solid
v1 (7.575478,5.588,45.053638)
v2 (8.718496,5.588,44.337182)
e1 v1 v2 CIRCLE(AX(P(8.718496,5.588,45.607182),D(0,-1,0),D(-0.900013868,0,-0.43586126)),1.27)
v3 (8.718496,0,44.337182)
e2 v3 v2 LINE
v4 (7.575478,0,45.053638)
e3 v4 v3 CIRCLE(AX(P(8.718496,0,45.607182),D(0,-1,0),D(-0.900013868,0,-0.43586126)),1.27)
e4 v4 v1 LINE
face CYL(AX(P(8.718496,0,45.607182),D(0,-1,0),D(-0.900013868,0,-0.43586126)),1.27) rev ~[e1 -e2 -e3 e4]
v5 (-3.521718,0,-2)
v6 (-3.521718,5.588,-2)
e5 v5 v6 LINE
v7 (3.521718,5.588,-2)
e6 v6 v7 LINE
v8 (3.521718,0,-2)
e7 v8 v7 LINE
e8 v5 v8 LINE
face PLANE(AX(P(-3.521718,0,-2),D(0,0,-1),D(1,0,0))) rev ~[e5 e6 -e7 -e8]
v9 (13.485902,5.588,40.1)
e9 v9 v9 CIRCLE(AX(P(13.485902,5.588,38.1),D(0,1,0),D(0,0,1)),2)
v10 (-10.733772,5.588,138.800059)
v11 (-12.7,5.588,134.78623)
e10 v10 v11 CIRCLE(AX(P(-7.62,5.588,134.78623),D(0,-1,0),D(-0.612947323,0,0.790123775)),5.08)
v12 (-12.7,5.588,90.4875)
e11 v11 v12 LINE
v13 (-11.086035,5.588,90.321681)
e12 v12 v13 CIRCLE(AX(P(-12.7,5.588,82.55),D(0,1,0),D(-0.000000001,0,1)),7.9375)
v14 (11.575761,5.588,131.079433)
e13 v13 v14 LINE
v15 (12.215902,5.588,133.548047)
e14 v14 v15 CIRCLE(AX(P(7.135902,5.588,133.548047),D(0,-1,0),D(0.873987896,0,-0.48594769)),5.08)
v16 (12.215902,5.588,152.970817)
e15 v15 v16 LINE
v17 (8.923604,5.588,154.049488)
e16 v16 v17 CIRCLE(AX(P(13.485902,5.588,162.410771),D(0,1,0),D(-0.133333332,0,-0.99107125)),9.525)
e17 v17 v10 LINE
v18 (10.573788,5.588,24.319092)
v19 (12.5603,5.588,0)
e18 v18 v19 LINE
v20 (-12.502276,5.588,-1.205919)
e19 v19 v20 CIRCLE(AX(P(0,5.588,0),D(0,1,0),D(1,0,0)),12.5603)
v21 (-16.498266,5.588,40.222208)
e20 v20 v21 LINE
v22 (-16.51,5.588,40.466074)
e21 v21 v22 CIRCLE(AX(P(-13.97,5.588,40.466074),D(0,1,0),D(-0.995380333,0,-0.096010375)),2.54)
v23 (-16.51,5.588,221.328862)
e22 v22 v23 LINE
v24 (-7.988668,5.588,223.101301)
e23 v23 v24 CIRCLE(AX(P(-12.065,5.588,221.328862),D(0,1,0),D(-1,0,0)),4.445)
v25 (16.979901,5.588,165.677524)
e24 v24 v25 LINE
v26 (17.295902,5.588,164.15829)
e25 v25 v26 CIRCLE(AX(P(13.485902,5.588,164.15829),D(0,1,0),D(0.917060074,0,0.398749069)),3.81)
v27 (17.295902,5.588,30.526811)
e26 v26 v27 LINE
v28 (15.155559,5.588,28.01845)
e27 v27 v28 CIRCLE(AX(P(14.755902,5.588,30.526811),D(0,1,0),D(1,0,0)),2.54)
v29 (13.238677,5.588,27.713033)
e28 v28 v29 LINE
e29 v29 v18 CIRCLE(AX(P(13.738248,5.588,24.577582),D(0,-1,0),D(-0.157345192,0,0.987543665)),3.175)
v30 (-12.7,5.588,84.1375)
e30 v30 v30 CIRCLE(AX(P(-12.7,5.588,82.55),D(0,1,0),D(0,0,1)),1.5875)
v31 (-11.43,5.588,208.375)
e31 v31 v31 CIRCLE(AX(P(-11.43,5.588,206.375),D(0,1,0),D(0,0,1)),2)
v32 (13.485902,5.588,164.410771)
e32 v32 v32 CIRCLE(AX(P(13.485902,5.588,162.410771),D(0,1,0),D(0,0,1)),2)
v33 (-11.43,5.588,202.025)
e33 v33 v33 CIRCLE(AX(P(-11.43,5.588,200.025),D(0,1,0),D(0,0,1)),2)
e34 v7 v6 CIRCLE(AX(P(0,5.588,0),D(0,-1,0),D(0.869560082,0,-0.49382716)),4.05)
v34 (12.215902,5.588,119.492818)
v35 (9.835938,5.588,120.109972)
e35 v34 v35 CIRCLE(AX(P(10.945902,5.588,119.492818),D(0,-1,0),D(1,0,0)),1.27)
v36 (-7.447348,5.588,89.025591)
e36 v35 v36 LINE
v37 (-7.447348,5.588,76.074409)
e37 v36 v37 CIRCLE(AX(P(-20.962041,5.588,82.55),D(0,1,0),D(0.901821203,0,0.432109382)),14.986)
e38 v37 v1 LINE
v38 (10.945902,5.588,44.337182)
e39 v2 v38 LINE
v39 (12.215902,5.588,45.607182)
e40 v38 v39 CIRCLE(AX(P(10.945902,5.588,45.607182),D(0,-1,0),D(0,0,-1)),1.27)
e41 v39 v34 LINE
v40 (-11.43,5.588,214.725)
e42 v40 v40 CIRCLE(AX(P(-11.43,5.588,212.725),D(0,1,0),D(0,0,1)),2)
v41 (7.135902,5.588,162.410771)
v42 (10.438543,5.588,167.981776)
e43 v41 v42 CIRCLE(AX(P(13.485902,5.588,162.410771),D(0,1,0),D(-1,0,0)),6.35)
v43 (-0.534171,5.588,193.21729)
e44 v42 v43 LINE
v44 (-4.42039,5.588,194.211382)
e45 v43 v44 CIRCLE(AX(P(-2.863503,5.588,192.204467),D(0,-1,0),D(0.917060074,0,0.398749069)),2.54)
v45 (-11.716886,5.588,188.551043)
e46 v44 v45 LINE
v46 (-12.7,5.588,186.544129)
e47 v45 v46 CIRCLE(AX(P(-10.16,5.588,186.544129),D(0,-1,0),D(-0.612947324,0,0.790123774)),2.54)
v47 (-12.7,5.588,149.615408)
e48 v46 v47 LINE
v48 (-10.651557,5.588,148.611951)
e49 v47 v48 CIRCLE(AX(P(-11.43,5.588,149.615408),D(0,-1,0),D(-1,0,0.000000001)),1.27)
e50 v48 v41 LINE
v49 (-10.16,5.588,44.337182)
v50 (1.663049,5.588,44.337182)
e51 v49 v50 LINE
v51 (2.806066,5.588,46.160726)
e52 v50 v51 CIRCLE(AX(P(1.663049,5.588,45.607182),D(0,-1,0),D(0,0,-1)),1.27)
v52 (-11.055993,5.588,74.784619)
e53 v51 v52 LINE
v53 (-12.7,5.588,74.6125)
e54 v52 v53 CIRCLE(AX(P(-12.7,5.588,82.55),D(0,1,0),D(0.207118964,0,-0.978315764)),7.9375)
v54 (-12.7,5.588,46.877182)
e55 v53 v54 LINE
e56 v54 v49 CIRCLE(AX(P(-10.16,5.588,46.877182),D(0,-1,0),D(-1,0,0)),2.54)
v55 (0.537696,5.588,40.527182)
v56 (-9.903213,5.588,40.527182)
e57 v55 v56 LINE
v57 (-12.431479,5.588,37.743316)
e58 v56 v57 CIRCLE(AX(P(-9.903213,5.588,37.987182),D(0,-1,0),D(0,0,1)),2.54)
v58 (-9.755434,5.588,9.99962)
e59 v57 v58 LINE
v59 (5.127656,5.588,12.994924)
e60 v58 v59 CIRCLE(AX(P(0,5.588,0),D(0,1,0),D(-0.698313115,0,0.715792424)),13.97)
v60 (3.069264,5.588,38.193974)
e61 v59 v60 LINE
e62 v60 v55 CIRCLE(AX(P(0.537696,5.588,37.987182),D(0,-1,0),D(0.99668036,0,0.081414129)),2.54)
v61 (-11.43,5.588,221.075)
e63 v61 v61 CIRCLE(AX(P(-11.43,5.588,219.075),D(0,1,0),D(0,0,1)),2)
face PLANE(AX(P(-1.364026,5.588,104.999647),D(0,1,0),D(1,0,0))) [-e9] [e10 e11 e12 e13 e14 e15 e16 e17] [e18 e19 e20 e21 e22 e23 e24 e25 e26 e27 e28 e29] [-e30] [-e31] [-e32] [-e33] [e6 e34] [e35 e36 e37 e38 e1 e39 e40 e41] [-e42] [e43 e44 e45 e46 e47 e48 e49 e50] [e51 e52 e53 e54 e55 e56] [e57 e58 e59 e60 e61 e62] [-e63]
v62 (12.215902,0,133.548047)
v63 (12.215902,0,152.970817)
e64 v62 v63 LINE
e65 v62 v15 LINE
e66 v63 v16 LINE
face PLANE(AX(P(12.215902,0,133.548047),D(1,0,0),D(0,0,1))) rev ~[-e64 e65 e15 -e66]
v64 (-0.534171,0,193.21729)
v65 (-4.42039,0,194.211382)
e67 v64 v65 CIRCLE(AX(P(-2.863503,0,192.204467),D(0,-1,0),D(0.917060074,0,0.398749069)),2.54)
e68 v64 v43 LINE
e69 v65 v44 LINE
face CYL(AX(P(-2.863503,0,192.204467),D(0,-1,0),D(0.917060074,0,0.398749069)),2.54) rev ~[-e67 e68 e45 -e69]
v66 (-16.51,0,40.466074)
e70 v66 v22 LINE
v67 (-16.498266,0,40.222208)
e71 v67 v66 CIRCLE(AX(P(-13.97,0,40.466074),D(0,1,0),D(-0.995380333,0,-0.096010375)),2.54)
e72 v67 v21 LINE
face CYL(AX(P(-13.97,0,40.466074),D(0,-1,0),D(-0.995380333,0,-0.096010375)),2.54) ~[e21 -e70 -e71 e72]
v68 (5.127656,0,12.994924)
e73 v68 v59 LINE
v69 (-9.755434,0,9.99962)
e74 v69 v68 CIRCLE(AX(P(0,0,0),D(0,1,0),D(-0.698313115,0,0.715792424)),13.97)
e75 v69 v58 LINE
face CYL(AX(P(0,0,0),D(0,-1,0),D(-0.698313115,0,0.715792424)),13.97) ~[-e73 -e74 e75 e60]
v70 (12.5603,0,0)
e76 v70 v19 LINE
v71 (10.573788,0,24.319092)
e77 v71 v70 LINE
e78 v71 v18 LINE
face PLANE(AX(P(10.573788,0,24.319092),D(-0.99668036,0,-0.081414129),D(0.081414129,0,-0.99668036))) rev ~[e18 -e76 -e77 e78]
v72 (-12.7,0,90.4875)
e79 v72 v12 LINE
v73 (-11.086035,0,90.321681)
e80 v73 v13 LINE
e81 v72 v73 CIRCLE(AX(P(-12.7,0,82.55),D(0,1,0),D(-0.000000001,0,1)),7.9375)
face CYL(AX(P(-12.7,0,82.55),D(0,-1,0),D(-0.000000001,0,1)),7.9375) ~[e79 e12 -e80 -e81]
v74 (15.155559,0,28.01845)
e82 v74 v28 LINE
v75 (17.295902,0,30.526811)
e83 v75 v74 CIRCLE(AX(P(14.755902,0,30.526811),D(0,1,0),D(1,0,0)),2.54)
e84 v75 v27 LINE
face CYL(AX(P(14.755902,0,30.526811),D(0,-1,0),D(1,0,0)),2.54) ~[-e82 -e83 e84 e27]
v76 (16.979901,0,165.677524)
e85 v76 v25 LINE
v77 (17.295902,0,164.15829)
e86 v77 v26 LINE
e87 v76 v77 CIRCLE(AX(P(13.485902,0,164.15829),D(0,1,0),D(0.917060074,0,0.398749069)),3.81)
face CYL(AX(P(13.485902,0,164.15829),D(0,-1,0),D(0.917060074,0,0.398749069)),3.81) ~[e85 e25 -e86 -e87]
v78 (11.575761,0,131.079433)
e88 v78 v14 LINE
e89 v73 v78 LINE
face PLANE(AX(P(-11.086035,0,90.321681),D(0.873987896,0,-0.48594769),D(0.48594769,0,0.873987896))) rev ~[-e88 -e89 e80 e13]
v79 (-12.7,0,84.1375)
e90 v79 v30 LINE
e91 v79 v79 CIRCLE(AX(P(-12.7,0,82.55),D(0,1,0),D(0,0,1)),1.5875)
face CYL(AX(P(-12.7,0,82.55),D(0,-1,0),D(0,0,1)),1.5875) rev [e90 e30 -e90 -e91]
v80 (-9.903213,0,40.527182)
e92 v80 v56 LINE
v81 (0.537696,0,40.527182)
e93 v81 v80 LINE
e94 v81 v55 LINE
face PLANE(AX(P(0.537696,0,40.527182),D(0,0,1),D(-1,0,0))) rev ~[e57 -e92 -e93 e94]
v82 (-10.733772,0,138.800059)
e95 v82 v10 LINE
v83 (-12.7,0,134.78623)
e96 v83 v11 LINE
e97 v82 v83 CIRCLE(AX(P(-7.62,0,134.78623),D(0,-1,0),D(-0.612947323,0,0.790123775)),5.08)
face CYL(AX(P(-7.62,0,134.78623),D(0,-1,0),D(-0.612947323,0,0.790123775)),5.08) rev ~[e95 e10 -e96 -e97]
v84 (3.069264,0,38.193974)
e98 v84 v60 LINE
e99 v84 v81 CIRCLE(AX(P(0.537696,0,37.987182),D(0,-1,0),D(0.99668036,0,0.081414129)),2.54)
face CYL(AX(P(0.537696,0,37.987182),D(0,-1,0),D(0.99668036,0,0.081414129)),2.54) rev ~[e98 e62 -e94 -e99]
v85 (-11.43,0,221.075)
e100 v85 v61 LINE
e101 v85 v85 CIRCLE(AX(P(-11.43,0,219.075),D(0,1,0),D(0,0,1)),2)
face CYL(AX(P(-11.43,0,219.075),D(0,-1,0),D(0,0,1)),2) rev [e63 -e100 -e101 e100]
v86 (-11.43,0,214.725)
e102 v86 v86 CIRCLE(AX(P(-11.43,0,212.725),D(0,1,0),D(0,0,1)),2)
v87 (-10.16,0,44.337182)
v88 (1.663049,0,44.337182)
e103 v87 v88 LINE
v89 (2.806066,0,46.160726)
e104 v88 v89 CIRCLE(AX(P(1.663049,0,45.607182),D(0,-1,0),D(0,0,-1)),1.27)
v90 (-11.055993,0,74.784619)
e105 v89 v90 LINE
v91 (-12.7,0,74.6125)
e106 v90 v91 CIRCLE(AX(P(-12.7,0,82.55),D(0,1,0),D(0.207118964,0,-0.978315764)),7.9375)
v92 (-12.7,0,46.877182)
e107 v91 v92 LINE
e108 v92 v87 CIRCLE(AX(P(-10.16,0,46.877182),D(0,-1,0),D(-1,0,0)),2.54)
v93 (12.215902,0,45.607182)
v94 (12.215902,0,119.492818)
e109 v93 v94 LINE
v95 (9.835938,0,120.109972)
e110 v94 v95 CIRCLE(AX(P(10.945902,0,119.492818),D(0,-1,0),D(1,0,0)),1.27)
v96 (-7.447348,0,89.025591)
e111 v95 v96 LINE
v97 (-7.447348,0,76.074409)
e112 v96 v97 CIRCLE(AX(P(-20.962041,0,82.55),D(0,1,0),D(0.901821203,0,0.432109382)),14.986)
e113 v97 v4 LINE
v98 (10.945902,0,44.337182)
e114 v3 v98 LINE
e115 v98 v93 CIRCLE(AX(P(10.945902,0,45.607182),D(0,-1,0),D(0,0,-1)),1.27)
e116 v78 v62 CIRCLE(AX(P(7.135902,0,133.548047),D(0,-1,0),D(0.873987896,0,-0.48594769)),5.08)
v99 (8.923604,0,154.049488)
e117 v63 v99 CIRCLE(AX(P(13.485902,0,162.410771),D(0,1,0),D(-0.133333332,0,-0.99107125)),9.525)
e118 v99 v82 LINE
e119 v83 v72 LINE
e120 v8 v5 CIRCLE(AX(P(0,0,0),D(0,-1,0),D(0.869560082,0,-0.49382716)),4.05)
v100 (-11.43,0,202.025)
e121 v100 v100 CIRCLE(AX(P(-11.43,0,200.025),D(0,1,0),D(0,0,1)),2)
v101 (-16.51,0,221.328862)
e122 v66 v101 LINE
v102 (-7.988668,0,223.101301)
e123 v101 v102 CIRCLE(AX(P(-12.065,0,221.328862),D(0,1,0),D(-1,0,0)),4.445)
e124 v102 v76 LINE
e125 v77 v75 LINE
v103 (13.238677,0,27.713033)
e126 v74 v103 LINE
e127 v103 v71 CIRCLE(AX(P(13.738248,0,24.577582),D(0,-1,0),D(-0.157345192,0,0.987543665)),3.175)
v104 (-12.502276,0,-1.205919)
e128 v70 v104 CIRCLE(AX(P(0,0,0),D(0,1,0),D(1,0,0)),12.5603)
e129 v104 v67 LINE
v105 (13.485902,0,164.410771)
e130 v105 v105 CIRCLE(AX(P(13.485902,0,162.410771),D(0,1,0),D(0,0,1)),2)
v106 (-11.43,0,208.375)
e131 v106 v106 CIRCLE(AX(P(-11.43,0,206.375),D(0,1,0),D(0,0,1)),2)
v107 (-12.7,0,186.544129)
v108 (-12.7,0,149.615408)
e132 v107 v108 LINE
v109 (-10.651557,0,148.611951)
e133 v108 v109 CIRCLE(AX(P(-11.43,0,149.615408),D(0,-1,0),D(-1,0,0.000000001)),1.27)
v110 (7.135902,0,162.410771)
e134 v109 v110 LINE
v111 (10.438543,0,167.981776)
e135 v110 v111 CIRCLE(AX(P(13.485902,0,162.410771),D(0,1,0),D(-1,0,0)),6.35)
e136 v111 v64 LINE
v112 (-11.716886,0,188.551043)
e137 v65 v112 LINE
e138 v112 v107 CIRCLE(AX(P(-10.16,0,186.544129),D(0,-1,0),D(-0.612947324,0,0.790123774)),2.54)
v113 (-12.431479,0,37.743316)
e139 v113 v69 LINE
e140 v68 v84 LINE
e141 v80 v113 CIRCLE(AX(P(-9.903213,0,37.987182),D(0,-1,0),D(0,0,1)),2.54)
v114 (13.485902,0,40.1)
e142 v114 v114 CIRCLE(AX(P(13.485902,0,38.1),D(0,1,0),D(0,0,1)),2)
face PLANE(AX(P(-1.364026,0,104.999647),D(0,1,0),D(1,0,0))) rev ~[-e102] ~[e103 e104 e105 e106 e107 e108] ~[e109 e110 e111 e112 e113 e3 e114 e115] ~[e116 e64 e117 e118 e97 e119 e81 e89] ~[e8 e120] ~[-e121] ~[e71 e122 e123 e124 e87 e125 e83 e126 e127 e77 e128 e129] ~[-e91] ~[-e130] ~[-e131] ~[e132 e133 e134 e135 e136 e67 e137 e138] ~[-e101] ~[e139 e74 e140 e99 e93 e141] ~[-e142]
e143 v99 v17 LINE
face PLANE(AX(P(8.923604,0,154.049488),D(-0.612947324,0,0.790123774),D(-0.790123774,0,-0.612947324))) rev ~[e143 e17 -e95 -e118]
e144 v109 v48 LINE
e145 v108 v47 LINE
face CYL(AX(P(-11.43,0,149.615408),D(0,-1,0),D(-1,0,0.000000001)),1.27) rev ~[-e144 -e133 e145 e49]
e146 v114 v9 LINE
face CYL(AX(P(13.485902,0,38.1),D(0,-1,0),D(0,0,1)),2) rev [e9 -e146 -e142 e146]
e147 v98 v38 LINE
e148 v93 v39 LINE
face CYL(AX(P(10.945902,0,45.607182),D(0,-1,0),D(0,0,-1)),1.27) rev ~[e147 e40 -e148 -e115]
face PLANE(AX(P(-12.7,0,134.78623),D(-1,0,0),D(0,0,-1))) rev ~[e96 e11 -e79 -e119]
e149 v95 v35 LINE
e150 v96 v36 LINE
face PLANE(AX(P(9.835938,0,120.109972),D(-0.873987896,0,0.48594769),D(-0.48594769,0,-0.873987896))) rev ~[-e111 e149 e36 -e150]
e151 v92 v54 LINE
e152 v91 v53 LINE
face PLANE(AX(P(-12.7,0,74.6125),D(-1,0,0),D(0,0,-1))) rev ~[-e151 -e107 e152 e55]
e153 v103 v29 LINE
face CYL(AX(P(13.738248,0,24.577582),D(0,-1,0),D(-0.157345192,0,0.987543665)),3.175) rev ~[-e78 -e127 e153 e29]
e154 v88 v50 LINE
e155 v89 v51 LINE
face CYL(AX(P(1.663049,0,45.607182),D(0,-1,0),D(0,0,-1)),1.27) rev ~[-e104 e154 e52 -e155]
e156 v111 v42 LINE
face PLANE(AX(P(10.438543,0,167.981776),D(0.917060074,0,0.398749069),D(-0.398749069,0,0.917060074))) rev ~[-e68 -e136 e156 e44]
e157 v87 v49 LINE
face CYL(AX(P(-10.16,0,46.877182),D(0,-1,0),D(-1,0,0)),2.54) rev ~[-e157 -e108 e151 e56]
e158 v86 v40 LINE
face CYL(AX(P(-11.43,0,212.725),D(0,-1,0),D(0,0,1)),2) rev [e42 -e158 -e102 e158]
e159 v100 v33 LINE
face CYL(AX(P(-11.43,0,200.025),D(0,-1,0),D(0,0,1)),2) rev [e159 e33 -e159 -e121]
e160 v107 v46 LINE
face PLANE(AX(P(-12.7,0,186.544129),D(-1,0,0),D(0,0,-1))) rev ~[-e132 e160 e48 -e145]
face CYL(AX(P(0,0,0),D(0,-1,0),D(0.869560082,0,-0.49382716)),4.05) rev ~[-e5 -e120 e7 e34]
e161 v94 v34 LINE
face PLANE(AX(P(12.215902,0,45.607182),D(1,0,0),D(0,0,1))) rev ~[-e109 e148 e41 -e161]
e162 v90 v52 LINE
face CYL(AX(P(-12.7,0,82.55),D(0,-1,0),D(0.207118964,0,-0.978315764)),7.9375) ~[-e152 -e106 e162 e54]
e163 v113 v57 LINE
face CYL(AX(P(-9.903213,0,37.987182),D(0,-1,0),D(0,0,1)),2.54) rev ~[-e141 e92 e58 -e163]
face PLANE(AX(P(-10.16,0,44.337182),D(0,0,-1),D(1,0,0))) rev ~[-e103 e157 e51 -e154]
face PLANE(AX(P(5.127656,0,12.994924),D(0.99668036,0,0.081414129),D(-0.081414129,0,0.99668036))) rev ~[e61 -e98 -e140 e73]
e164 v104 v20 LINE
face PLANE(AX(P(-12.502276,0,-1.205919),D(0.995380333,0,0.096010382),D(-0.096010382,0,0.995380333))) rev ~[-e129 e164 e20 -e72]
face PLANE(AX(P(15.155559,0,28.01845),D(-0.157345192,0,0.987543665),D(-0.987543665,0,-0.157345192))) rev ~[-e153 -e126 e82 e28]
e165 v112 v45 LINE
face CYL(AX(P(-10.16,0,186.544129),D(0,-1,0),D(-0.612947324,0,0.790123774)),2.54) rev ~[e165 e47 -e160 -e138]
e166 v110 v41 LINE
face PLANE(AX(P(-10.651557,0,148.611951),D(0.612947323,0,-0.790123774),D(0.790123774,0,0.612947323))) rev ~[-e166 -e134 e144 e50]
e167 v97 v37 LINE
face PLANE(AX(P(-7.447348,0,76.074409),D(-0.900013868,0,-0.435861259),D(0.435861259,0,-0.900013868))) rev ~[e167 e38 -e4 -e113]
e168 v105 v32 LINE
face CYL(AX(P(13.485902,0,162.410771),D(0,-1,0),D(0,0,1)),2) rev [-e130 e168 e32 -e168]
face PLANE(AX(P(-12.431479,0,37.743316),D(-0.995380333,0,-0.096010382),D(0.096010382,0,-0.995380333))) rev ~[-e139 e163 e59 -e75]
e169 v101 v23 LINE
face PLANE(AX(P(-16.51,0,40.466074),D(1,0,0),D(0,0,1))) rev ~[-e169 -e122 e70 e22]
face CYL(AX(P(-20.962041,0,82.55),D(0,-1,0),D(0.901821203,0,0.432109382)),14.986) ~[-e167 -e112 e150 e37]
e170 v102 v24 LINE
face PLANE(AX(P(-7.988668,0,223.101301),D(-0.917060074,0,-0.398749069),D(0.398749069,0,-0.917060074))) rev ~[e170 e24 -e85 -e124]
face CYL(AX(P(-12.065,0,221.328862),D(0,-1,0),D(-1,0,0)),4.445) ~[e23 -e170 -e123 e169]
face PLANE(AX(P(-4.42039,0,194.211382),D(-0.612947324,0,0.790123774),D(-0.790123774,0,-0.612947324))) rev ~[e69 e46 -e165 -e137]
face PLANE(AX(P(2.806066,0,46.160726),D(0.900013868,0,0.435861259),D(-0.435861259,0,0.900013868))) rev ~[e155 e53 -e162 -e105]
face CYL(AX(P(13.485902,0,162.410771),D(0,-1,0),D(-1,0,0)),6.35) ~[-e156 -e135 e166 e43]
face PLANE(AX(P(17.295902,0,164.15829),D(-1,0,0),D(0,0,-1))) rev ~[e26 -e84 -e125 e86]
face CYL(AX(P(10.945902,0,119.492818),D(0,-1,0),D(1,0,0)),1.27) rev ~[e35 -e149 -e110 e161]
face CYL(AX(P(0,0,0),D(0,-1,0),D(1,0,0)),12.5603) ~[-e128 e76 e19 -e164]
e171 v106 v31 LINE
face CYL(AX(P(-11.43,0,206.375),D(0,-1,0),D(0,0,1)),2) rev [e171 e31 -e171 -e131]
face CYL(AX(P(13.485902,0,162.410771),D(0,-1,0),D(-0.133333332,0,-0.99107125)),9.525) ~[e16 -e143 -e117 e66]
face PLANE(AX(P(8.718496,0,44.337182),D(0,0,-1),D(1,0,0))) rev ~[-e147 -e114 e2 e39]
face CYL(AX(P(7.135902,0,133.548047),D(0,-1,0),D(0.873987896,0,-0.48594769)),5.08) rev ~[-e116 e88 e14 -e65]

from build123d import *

# Parameters (mm, degrees)
SKETCH2_R           = 2
SKETCH2_R_2         = 1.5875
SKETCH2_R_3         = 1.999999991
BOSS_EXTRUDE1_DEPTH = 5.588


with BuildPart() as part:
    # Sketch2 → Boss-Extrude1 (new body)
    with BuildSketch(Plane(origin=(0, 0, 0), x_dir=(1, 0, 0), z_dir=(0, 1, 0))):
        with BuildLine():
            ThreePointArc((17.295902343, -30.526810701), (16.688093876, -28.878103365), (15.15555913, -28.018449791))
            Line((15.15555913, -28.018449791), (13.238676936, -27.713033224))
            ThreePointArc((13.238676936, -27.713033224), (11.241051513, -26.538356195), (10.573787778, -24.319092227))
            Line((10.573787778, -24.319092227), (12.5603, 0))
            ThreePointArc((12.5603, 0), (0.603657177, 12.545785512), (-12.502275592, 1.2059192))
            Line((-12.502275592, 1.2059192), (-16.498266045, -40.222207921))
            ThreePointArc((-16.498266045, -40.222207921), (-16.507064815, -40.344000039), (-16.51, -40.466074291))
            Line((-16.51, -40.466074291), (-16.51, -221.328861788))
            ThreePointArc((-16.51, -221.328861788), (-12.970187584, -225.680718913), (-7.988667969, -223.101301399))
            Line((-7.988667969, -223.101301399), (16.979901226, -165.677523619))
            ThreePointArc((16.979901226, -165.677523619), (17.216065593, -164.934164738), (17.295902343, -164.158289667))
            Line((17.295902343, -164.158289667), (17.295902343, -30.526810701))
        make_face()
        with Locations(Location((-11.43, -219.075, 0), (0, 0, 270))):
            Circle(SKETCH2_R, mode=Mode.SUBTRACT)
        with Locations(Location((-11.43, -212.725, 0), (0, 0, 270))):
            Circle(SKETCH2_R, mode=Mode.SUBTRACT)
        with Locations(Location((-11.43, -206.375, 0), (0, 0, 270))):
            Circle(SKETCH2_R, mode=Mode.SUBTRACT)
        with Locations(Location((-11.43, -200.025, 0), (0, 0, 270))):
            Circle(SKETCH2_R, mode=Mode.SUBTRACT)
        with BuildLine():
            ThreePointArc((7.135902343, -162.410770806), (8.023611961, -165.648962244), (10.438542905, -167.981776143))
            Line((10.438542905, -167.981776143), (-0.534170778, -193.217289931))
            ThreePointArc((-0.534170778, -193.217289931), (-2.234040931, -194.665234867), (-4.420389569, -194.211381682))
            Line((-4.420389569, -194.211381682), (-11.716886202, -188.551043102))
            ThreePointArc((-11.716886202, -188.551043102), (-12.441018517, -187.661516081), (-12.7, -186.544128716))
            Line((-12.7, -186.544128716), (-12.7, -149.615408258))
            ThreePointArc((-12.7, -149.615408258), (-11.988693683, -148.474898999), (-10.651556899, -148.611951065))
            Line((-10.651556899, -148.611951065), (7.135902343, -162.410770806))
        make_face(mode=Mode.SUBTRACT)
        with BuildLine():
            ThreePointArc((12.215902343, -152.970817152), (10.520298026, -153.359206519), (8.923603828, -154.049487576))
            Line((8.923603828, -154.049487576), (-10.733772403, -138.80005889))
            ThreePointArc((-10.733772403, -138.80005889), (-12.182037035, -137.021004847), (-12.7, -134.786230117))
            Line((-12.7, -134.786230117), (-12.7, -90.4875))
            ThreePointArc((-12.7, -90.4875), (-11.888769677, -90.445936399), (-11.086035141, -90.321680879))
            Line((-11.086035141, -90.321680879), (11.575760855, -131.079432803))
            ThreePointArc((11.575760855, -131.079432803), (12.053263487, -132.272915946), (12.215902343, -133.548047069))
            Line((12.215902343, -133.548047069), (12.215902343, -152.970817152))
        make_face(mode=Mode.SUBTRACT)
        with Locations(Location((13.485902343, -162.410770806, 0), (0, 0, 270))):
            Circle(SKETCH2_R, mode=Mode.SUBTRACT)
        with Locations(Location((-12.7, -82.55, 0), (0, 0, 270))):
            Circle(SKETCH2_R_2, mode=Mode.SUBTRACT)
        with BuildLine():
            Line((-10.16, -44.337182032), (1.663048834, -44.337182032))
            ThreePointArc((1.663048834, -44.337182032), (2.739129831, -44.932682449), (2.806066447, -46.160725831))
            Line((2.806066447, -46.160725831), (-11.055993219, -74.784618621))
            ThreePointArc((-11.055993219, -74.784618621), (-11.873503915, -74.655646925), (-12.7, -74.6125))
            Line((-12.7, -74.6125), (-12.7, -46.877182032))
            ThreePointArc((-12.7, -46.877182032), (-11.956051224, -45.081130808), (-10.16, -44.337182032))
        make_face(mode=Mode.SUBTRACT)
        with BuildLine():
            ThreePointArc((-9.903213406, -40.527182032), (-11.783508673, -39.694838236), (-12.431479451, -37.743315662))
            Line((-12.431479451, -37.743315662), (-9.755434212, -9.99962016))
            ThreePointArc((-9.755434212, -9.99962016), (-2.756273581, -13.695395429), (5.127655889, -12.99492382))
            Line((5.127655889, -12.99492382), (3.069264048, -38.19397392))
            ThreePointArc((3.069264048, -38.19397392), (2.259083254, -39.854914801), (0.537695935, -40.527182032))
            Line((0.537695935, -40.527182032), (-9.903213406, -40.527182032))
        make_face(mode=Mode.SUBTRACT)
        with BuildLine():
            Line((-3.521718331, 2), (3.521718331, 2))
            ThreePointArc((3.521718331, 2), (0, -4.05), (-3.521718331, 2))
        make_face(mode=Mode.SUBTRACT)
        with BuildLine():
            ThreePointArc((-7.44734835, -89.025591197), (-5.976040897, -82.55), (-7.44734835, -76.074408803))
            Line((-7.44734835, -76.074408803), (7.575478058, -45.053638233))
            ThreePointArc((7.575478058, -45.053638233), (8.043996088, -44.531101035), (8.718495671, -44.337182032))
            Line((8.718495671, -44.337182032), (10.945902343, -44.337182032))
            ThreePointArc((10.945902343, -44.337182032), (11.843927955, -44.70915642), (12.215902343, -45.607182032))
            Line((12.215902343, -45.607182032), (12.215902343, -119.492817968))
            ThreePointArc((12.215902343, -119.492817968), (11.264685124, -120.722158254), (9.835937715, -120.109971535))
            Line((9.835937715, -120.109971535), (-7.44734835, -89.025591197))
        make_face(mode=Mode.SUBTRACT)
        with Locations(Location((13.485902343, -38.1, 0), (0, 0, 270))):
            Circle(SKETCH2_R_3, mode=Mode.SUBTRACT)
    extrude(amount=BOSS_EXTRUDE1_DEPTH)


solid = part.part
